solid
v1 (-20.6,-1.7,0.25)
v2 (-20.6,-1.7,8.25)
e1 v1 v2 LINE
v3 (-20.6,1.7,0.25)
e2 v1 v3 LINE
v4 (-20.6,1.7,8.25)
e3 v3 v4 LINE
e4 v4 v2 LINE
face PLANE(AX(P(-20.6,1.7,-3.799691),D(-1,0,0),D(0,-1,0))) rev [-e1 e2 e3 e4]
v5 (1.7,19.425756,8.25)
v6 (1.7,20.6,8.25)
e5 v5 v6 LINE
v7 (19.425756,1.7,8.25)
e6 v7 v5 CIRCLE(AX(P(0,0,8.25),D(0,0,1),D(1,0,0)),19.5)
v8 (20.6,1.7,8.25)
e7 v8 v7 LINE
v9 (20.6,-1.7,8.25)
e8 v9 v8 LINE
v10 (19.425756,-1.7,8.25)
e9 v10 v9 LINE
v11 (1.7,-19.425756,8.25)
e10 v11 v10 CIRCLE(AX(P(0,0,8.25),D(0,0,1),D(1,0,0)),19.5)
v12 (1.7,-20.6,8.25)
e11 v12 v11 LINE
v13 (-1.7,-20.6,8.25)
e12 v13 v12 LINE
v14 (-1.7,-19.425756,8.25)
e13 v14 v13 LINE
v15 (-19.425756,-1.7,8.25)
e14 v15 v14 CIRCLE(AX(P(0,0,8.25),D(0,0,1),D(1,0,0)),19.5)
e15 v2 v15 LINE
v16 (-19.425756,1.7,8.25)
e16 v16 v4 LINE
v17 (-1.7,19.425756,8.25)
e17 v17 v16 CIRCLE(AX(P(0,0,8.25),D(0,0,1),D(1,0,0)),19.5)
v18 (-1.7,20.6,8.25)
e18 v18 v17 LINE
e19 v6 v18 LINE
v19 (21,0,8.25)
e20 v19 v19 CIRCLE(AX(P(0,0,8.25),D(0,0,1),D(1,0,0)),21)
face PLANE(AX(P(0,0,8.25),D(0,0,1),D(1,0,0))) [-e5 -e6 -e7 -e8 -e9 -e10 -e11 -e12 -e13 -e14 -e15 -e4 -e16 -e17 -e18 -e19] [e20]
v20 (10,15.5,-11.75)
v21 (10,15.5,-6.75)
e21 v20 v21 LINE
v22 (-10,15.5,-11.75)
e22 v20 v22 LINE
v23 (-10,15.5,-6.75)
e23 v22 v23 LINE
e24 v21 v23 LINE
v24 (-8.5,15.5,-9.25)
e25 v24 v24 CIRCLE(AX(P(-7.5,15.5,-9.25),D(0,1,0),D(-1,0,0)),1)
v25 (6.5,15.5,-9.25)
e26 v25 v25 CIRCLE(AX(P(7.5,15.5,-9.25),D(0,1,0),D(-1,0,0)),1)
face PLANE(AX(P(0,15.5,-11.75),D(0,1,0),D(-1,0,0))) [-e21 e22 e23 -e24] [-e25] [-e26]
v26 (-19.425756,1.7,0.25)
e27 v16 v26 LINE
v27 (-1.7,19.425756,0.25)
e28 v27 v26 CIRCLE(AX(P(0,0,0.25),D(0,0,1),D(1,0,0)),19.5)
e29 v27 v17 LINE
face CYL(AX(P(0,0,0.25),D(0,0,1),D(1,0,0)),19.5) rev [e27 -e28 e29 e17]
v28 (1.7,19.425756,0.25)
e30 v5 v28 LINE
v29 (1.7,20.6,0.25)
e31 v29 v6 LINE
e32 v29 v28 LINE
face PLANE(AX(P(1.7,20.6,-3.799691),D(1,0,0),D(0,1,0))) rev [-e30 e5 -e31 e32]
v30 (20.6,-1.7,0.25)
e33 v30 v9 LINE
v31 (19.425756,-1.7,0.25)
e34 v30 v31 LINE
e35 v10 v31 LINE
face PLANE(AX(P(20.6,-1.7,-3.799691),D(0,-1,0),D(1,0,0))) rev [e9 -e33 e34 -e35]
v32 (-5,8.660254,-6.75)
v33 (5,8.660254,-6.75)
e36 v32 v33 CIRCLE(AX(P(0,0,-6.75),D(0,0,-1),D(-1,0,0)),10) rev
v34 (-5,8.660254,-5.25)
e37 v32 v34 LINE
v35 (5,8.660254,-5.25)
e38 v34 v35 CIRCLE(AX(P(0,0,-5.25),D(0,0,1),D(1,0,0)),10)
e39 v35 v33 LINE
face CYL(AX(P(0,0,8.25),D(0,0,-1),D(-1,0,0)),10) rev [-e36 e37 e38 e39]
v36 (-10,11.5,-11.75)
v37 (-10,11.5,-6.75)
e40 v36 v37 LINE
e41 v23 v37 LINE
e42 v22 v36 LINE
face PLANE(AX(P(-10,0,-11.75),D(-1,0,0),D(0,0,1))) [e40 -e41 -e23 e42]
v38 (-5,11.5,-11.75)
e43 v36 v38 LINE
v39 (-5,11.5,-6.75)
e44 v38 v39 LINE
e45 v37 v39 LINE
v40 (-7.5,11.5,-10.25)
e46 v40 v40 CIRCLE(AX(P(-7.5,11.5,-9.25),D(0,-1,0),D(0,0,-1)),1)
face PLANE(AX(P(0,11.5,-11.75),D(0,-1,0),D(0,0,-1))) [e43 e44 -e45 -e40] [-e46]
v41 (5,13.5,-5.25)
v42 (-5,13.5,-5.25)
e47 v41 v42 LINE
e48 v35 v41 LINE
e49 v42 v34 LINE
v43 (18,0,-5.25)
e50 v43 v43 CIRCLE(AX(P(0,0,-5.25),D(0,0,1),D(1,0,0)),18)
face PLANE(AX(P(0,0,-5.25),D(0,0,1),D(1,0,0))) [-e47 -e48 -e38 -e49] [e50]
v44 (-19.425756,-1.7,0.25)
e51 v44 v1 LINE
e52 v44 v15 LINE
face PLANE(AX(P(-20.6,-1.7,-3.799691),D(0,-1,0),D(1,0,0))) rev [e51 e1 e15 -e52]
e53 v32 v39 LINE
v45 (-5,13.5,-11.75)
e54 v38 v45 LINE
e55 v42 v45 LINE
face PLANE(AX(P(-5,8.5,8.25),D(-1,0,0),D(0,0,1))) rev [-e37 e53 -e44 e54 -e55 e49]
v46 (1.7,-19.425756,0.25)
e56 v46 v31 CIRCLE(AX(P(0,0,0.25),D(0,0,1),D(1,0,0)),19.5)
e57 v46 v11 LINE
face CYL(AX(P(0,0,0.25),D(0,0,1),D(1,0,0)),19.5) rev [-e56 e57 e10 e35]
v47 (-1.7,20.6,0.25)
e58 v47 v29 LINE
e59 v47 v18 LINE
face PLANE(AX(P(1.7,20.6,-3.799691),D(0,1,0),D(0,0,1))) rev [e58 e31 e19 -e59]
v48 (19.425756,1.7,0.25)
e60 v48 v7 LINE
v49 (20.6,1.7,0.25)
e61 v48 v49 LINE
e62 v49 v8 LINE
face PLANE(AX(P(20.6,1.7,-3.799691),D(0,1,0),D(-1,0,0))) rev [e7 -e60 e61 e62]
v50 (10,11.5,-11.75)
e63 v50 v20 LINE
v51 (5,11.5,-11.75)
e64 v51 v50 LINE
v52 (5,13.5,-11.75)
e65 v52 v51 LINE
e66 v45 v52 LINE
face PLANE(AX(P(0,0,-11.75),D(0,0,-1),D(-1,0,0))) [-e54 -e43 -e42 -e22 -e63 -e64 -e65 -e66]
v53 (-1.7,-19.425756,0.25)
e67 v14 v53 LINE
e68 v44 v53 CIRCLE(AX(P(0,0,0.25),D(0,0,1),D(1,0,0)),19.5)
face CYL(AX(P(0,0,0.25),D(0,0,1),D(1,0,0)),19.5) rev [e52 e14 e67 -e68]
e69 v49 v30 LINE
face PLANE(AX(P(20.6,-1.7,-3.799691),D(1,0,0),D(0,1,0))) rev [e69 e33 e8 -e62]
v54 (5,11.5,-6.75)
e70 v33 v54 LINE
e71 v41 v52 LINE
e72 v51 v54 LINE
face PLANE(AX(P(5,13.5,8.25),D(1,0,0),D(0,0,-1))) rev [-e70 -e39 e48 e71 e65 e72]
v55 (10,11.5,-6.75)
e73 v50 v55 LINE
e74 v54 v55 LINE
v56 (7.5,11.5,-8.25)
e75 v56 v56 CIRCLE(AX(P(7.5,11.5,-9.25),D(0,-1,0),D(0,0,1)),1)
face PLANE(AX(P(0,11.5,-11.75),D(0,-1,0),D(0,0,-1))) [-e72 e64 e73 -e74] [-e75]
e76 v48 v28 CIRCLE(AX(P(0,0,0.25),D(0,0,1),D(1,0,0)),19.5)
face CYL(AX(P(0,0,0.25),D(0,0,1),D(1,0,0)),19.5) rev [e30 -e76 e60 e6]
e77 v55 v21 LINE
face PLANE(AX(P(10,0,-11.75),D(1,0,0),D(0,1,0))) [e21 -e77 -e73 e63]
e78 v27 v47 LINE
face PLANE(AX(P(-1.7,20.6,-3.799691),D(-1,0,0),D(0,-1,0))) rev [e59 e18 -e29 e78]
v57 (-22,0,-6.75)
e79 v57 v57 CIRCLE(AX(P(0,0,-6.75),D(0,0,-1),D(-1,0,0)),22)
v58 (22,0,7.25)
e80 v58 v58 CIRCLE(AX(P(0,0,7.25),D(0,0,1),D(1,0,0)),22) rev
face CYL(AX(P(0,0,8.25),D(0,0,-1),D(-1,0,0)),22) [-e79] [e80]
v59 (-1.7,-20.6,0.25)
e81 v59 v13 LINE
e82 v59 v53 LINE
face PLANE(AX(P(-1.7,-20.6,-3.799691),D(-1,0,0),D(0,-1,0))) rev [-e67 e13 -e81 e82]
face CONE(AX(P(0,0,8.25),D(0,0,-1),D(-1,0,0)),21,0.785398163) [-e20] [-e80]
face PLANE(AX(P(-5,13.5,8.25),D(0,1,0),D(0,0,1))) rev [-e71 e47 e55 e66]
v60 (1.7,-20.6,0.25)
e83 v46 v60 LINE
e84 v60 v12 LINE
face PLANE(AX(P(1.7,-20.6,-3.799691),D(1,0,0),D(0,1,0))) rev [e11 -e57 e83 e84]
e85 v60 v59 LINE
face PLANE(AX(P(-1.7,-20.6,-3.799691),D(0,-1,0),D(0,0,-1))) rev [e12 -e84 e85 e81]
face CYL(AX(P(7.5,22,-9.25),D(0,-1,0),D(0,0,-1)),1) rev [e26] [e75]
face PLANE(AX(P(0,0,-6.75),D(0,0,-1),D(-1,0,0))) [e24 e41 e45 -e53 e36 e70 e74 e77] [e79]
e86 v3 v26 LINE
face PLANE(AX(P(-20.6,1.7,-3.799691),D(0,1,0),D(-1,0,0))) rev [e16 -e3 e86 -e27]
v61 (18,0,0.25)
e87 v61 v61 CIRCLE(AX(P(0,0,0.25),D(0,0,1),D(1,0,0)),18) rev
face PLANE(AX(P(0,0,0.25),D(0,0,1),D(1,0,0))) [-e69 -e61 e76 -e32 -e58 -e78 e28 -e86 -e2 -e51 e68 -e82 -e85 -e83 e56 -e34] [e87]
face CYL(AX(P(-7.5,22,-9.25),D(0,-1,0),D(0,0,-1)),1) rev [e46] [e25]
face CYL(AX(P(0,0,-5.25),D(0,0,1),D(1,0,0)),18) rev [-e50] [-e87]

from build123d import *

# Parameters (mm, degrees)
SKETCH1_R               = 22
BOSS_EXTRUDE1_DEPTH     = 8.25
SKETCH2_R               = 18
CUT_EXTRUDE1_DEPTH      = 13.5
SKETCH3_R               = 19.5
CUT_EXTRUDE2_DEPTH      = 8
CUT_EXTRUDE3_DEPTH      = 36.217183306
CUT_EXTRUDE3_DEPTH_BACK = 36.217183306
SKETCH4_R               = 10
SKETCH6_W               = 3.4
SKETCH6_H               = 2.2
CUT_EXTRUDE5_DEPTH      = 8
CIRPATTERN1_COUNT       = 4
CUT_EXTRUDE6_START      = -1.5
SKETCH7_R               = 22
CUT_EXTRUDE6_DEPTH      = 1.5
CHAMFER1_SIZE           = 1
BOSS_EXTRUDE2_START     = 5
BOSS_EXTRUDE2_DEPTH     = 5
SKETCH9_W               = 10
SKETCH9_H               = 5
CUT_EXTRUDE7_DEPTH      = 37.986484018
SKETCH10_R              = 1
CUT_EXTRUDE8_DEPTH      = 42.764967377


with BuildPart() as part:
    # Sketch1 → Boss-Extrude1 (new, symmetric)
    with BuildSketch(Plane.XY):
        Circle(SKETCH1_R)
    extrude(amount=BOSS_EXTRUDE1_DEPTH, both=True)

    # Sketch2 → Cut-Extrude1 (cut)
    with BuildSketch(Plane.XY.offset(8.25)):
        Circle(SKETCH2_R)
    extrude(amount=-CUT_EXTRUDE1_DEPTH, mode=Mode.SUBTRACT)

    # Sketch3 → Cut-Extrude2 (cut)
    with BuildSketch(Plane.XY.offset(8.25)):
        Circle(SKETCH3_R)
    extrude(amount=-CUT_EXTRUDE2_DEPTH, mode=Mode.SUBTRACT)

    # Sketch4 → Cut-Extrude3 (cut, two sides: drawn at the far end of the back side and taken through both)
    with BuildSketch(Plane(origin=(0, 0, -8.25), x_dir=(-1, 0, 0), z_dir=(0, 0, -1)).offset(-CUT_EXTRUDE3_DEPTH_BACK)):
        with Locations(Location((0, 0, 0), (0, 0, 180))):
            Circle(SKETCH4_R)
    extrude(amount=CUT_EXTRUDE3_DEPTH + CUT_EXTRUDE3_DEPTH_BACK, mode=Mode.SUBTRACT)

    # Sketch6 → Cut-Extrude5 (cut)
    with BuildSketch(Plane.XY.offset(8.25)):
        with Locations((0, 19.5)):
            Rectangle(SKETCH6_W, SKETCH6_H)
    cut_extrude5 = extrude(amount=-CUT_EXTRUDE5_DEPTH, mode=Mode.SUBTRACT)

    # CirPattern1: Cut-Extrude5 ×4 about axis
    cirpattern1_axis = Axis((0, 0, 0), (0, 0, 1))
    for i in range(1, CIRPATTERN1_COUNT):
        add(cut_extrude5.rotate(cirpattern1_axis, i * 360 / CIRPATTERN1_COUNT), mode=Mode.SUBTRACT)

    # Sketch7 → Cut-Extrude6 (cut)
    with BuildSketch(Plane(origin=(0, 0, -8.25), x_dir=(-1, 0, 0), z_dir=(0, 0, -1)).offset(CUT_EXTRUDE6_START)):
        Circle(SKETCH7_R)
    extrude(amount=CUT_EXTRUDE6_DEPTH, mode=Mode.SUBTRACT)

    # Chamfer1
    chamfer1_edges = [part.edges().sort_by_distance(p)[0] for p in [
        (-22, 0, 8.25),
    ]]
    chamfer(chamfer1_edges, length=CHAMFER1_SIZE)

    # Sketch8 → Boss-Extrude2 (add)
    with BuildSketch(Plane(origin=(0, 0, -6.75), x_dir=(-1, 0, 0), z_dir=(0, 0, -1)).offset(BOSS_EXTRUDE2_START)):
        with BuildLine():
            Line((5, 9), (5, 11.5))
            Line((5, 11.5), (10, 11.5))
            Line((10, 11.5), (10, 15.5))
            Line((10, 15.5), (-10, 15.5))
            Line((-10, 15.5), (-10, 11.5))
            Line((-10, 11.5), (-5, 11.5))
            Line((-5, 11.5), (-5, 9))
            Line((-5, 9), (-4.358898944, 9))
            ThreePointArc((-4.358898944, 9), (0, 10), (4.358898944, 9))
            Line((4.358898944, 9), (5, 9))
        make_face()
    extrude(amount=-BOSS_EXTRUDE2_DEPTH)

    # Sketch9 → Cut-Extrude7 (cut, through all)
    with BuildSketch(Plane(origin=(0, 0, -11.75), x_dir=(-1, 0, 0), z_dir=(0, 0, -1))):
        with Locations((0, 11)):
            Rectangle(SKETCH9_W, SKETCH9_H)
    extrude(amount=-CUT_EXTRUDE7_DEPTH, mode=Mode.SUBTRACT)

    # Sketch10 → Cut-Extrude8 (cut, through all)
    with BuildSketch(Plane.XZ.offset(-11.5)):
        with Locations(Location((-7.5, -9.25, 0), (0, 0, 270))):
            Circle(SKETCH10_R)
        with Locations(Location((7.5, -9.25, 0), (0, 0, 180))):
            Circle(SKETCH10_R)
    extrude(amount=-CUT_EXTRUDE8_DEPTH, mode=Mode.SUBTRACT)


solid = part.part
